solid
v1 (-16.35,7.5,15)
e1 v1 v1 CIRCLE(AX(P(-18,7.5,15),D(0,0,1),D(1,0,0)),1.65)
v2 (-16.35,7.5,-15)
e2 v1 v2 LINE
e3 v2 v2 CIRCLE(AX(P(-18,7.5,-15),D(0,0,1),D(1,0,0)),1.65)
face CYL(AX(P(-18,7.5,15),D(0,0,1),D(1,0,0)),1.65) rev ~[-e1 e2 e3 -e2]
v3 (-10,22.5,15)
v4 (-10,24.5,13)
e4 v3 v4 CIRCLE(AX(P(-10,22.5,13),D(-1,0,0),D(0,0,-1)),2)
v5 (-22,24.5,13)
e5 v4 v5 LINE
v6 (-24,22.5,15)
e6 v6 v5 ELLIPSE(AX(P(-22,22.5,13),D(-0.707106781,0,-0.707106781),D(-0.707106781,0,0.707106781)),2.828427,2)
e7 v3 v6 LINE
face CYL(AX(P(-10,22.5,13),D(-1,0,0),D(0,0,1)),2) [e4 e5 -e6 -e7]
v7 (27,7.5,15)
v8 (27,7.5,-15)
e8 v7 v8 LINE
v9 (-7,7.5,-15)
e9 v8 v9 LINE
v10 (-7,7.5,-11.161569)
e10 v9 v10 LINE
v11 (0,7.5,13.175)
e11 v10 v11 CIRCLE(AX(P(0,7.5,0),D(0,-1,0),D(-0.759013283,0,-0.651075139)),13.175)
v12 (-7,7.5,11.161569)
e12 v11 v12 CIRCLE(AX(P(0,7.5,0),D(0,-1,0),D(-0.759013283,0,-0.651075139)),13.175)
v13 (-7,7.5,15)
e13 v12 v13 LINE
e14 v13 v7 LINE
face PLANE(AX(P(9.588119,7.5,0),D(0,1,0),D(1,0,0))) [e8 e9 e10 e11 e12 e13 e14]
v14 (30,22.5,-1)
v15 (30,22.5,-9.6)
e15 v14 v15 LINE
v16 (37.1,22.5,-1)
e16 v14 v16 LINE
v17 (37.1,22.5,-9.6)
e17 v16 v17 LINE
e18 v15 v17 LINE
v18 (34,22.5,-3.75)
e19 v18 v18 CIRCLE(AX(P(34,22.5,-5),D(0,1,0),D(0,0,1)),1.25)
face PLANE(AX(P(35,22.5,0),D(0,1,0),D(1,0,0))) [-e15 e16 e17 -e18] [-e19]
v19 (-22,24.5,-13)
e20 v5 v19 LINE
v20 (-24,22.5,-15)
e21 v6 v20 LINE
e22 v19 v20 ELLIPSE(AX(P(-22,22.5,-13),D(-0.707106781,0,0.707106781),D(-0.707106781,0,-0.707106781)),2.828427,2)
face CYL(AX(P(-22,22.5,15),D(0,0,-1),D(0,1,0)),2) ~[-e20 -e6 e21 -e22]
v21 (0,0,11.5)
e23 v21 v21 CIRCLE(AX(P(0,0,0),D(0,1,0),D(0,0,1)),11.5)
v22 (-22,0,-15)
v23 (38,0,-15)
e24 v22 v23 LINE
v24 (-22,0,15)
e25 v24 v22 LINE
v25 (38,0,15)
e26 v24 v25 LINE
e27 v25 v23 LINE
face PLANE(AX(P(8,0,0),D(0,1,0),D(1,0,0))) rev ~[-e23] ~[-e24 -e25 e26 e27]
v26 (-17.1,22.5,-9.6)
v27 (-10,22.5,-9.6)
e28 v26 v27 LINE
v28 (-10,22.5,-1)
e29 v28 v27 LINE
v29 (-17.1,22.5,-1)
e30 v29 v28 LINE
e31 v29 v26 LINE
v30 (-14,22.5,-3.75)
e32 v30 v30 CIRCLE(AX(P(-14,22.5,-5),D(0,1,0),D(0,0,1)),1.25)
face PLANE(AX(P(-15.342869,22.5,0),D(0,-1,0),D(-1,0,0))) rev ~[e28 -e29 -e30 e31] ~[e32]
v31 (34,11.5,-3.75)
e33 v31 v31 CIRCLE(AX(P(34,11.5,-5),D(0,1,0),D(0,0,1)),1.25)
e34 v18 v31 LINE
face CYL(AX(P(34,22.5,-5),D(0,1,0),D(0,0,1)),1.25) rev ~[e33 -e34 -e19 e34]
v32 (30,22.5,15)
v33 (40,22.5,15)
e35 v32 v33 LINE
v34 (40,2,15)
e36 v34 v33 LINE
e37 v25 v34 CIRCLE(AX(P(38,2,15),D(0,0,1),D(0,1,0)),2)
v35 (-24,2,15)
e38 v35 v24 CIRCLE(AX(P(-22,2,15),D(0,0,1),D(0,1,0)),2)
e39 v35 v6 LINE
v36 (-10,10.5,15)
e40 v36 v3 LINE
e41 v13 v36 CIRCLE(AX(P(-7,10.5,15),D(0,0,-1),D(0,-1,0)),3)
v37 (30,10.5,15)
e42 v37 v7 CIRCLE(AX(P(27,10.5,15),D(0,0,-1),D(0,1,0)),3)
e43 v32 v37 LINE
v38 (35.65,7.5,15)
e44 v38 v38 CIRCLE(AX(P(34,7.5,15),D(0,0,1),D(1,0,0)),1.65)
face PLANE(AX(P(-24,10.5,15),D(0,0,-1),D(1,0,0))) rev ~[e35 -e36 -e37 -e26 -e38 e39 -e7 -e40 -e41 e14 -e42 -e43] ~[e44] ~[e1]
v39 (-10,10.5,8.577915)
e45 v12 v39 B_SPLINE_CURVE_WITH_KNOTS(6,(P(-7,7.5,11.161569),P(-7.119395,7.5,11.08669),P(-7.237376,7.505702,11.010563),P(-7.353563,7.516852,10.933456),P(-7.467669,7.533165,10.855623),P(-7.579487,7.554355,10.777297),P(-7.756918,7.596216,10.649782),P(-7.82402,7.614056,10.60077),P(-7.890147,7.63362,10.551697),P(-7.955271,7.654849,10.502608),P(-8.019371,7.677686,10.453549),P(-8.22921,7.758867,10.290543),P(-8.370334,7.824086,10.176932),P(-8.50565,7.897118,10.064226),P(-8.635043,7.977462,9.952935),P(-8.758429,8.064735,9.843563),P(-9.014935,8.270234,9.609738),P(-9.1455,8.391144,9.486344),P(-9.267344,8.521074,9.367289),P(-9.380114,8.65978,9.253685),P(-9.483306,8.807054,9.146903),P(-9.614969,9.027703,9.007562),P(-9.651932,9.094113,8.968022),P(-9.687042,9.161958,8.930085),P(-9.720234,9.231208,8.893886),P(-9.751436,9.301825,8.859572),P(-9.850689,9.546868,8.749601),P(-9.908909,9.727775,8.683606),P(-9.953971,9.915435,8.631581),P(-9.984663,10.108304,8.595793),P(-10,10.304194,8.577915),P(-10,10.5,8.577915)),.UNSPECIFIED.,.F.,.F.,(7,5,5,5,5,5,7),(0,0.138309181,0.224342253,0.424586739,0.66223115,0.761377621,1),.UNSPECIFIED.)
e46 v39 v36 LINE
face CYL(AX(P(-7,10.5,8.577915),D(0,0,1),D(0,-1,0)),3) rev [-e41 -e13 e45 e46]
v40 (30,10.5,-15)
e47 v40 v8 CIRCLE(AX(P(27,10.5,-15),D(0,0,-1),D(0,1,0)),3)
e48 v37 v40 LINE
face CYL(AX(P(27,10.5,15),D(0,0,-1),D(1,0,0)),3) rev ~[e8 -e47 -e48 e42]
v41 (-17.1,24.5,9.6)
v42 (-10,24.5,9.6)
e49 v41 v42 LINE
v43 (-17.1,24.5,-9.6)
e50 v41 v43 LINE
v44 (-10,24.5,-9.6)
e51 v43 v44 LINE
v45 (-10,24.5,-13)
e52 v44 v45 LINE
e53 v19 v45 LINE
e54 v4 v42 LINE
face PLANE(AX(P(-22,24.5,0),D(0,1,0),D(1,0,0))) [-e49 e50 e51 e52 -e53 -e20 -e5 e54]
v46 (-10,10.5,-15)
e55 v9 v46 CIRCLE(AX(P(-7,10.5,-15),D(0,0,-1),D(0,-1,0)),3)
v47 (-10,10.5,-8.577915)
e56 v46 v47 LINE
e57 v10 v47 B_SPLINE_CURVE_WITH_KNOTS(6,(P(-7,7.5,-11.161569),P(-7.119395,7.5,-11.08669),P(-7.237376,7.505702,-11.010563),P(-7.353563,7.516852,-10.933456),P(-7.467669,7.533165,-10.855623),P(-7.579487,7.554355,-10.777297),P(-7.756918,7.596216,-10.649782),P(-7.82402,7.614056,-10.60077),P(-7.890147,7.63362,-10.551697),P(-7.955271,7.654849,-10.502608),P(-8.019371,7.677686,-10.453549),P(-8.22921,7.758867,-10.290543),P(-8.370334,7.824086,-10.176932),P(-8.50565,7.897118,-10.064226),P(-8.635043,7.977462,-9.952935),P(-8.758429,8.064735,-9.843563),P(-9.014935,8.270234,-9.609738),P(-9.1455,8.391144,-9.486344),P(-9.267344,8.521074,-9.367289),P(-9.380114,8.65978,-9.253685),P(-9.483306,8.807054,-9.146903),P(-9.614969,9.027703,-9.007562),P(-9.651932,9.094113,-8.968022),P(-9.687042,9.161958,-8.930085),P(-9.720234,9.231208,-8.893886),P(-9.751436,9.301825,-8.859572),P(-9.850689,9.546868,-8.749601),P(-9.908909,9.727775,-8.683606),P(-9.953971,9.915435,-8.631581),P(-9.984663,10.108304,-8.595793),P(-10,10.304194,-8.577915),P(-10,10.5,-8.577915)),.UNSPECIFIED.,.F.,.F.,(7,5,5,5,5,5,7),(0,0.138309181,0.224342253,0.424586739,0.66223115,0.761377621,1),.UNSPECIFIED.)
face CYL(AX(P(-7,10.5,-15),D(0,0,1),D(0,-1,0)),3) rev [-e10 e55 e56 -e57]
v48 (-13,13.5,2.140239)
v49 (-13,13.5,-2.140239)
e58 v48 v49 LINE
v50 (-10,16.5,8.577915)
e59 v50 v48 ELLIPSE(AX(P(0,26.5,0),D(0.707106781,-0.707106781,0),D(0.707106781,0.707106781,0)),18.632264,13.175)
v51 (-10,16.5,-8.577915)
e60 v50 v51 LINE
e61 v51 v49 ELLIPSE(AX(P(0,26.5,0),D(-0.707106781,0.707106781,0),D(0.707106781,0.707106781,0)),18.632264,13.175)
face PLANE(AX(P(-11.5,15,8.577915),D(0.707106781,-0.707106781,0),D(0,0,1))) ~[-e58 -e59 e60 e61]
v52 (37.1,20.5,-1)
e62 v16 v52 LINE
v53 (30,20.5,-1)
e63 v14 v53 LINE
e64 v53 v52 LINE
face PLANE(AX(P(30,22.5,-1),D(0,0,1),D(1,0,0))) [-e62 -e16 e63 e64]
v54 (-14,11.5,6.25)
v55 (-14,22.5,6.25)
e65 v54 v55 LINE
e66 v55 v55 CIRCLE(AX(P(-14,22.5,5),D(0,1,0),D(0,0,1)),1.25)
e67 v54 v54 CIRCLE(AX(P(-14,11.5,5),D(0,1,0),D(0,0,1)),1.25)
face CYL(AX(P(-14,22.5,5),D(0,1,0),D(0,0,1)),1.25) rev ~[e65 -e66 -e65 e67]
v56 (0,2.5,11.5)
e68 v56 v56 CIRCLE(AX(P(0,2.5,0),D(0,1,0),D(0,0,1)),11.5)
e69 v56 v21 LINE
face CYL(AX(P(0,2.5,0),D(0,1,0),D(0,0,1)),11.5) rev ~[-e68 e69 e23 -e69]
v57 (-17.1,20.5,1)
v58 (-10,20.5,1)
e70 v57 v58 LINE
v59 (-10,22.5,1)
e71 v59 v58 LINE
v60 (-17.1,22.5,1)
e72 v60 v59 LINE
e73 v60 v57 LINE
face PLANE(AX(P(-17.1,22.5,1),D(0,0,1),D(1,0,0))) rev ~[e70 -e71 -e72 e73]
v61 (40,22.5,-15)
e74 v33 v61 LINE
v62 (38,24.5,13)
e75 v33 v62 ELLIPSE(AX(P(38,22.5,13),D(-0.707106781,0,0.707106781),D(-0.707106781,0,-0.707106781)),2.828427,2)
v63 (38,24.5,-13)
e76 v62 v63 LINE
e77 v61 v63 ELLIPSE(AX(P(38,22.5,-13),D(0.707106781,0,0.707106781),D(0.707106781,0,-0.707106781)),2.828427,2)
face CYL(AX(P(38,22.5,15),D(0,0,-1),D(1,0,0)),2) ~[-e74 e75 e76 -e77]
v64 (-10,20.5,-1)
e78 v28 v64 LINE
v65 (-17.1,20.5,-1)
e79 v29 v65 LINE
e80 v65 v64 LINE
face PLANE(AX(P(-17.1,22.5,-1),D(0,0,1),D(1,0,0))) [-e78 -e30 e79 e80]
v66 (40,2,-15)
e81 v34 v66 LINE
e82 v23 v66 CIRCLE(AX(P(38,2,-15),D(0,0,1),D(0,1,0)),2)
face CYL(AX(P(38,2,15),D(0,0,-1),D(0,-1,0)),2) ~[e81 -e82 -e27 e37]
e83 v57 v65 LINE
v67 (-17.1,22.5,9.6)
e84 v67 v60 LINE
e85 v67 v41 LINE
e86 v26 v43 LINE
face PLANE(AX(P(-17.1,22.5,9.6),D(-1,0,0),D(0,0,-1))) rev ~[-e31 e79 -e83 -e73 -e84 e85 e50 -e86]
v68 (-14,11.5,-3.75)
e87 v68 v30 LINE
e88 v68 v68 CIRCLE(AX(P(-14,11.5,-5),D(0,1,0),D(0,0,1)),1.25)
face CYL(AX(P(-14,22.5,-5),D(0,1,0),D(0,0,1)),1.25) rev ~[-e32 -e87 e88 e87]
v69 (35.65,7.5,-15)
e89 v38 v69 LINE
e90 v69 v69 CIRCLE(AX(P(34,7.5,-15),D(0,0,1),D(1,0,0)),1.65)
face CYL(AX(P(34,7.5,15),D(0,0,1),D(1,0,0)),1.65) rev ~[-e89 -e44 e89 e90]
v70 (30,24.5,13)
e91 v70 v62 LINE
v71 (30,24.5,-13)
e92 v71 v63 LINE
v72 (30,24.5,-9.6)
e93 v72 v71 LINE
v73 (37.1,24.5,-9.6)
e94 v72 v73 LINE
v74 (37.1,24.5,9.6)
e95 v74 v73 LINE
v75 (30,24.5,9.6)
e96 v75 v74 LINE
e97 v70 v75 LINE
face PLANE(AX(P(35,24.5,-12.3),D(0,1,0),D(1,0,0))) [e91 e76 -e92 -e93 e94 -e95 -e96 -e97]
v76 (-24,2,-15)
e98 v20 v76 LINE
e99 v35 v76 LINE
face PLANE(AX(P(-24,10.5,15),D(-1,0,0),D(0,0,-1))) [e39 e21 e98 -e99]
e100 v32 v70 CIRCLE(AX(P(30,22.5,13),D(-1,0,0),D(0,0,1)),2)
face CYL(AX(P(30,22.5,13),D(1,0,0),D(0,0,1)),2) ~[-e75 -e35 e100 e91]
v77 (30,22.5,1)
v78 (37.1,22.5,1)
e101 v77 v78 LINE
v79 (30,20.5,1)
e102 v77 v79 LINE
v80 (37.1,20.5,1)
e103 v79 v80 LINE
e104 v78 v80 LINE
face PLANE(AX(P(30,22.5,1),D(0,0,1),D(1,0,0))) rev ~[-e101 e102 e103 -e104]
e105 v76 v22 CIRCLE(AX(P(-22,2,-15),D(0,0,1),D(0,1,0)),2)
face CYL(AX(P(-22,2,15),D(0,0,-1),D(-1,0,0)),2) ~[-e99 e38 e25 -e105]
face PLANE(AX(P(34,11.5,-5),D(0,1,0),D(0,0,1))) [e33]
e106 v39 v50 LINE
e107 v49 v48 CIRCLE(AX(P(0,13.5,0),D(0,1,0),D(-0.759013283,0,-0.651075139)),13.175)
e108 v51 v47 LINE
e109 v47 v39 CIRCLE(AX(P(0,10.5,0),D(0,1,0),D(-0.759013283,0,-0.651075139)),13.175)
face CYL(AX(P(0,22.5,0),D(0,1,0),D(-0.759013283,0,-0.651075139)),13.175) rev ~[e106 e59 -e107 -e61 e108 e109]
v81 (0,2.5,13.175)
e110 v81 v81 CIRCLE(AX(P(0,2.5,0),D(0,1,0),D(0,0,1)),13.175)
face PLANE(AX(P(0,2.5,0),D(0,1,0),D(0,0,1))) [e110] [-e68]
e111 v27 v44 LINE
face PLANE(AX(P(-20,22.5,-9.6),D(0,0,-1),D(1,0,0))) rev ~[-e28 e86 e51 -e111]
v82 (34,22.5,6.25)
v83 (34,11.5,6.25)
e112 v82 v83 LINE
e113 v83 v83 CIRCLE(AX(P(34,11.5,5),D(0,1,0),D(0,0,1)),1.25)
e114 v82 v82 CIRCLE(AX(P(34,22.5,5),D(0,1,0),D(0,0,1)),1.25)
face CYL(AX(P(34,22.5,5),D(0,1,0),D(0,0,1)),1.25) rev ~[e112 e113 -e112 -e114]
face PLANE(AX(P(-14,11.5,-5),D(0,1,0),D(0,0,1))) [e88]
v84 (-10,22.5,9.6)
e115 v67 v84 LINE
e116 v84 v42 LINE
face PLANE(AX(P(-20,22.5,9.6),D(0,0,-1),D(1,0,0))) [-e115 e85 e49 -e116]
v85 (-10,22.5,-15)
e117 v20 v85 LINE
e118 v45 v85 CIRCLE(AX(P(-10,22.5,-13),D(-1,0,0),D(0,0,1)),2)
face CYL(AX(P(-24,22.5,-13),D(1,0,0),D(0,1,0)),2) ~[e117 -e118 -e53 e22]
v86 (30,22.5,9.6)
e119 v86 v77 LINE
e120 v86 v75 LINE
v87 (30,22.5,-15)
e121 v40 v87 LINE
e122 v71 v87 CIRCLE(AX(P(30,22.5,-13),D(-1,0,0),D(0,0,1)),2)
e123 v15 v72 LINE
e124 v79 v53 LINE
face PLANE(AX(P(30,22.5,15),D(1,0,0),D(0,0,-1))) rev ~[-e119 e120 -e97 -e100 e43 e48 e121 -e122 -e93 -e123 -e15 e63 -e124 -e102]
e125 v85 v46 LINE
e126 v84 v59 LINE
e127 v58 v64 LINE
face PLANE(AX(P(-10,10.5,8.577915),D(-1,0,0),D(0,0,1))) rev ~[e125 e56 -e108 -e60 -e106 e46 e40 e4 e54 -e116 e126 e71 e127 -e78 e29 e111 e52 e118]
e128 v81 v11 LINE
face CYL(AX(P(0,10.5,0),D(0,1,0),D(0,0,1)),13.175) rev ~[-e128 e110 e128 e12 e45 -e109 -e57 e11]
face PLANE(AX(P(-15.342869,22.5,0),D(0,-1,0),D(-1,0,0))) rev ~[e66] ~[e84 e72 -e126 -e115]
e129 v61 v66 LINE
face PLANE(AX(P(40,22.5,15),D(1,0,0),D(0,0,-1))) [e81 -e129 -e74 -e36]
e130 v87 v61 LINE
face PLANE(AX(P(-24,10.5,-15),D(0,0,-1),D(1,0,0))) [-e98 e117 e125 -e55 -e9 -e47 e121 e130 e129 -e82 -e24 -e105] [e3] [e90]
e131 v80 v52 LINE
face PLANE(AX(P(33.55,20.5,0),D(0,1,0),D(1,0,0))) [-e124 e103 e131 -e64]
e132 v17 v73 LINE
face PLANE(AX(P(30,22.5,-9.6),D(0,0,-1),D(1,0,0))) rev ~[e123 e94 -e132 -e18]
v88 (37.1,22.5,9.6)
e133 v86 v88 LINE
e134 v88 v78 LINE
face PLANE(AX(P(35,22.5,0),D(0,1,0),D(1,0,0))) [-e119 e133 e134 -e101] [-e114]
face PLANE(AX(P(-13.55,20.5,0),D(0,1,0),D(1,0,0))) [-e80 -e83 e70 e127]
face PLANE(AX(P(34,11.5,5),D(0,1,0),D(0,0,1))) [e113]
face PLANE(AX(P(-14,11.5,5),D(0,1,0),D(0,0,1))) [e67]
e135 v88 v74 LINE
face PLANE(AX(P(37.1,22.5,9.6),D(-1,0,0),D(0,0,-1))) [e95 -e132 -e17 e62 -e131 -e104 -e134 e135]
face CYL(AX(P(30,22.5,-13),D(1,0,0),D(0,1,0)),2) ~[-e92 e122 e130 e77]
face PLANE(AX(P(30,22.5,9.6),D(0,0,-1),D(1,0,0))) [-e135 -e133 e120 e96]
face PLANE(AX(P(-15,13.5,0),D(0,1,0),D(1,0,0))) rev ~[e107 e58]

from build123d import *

# Parameters (mm, degrees)
SKETCH_1_W             = 64
SKETCH_1_H             = 30
EXTRUDE_555_DEPTH      = 7.5
SKETCH_2_R             = 13.175
CUT_EXTRUDE_693_DEPTH  = 5
SKETCH_4_R             = 11.5
CUT_EXTRUDE_912_DEPTH  = 44.011626335
EXTRUDE_START          = 3
SKETCH_8_W             = 64
SKETCH_8_H             = 30
SKETCH_8_R             = 13.175
EXTRUDE_1127_DEPTH     = 3
EXTRUDE_START_2        = 12
SKETCH_9_W             = 10
SKETCH_9_H             = 30
EXTRUDE_1452_DEPTH     = 12
SKETCH_10_R            = 1.25
CUT_EXTRUDE_1739_DEPTH = 11
SKETCH_11_R            = 1.65
CUT_EXTRUDE_2260_DEPTH = 55.829280499
SKETCH_12_W            = 10
SKETCH_12_H            = 5.4
EXTRUDE_2664_DEPTH     = 2
CUT_EXTRUDE_2902_DEPTH = 3
SKETCH_15_W            = 10
SKETCH_15_H            = 19.2
SKETCH_15_R            = 1.25
EXTRUDE_3173_DEPTH     = 9
CHAMFER_5_SIZE         = 3
SKETCH_17_W            = 2.9
SKETCH_17_H            = 19.2
EXTRUDE_3597_DEPTH     = 2
SKETCH_16_W            = 7.1
SKETCH_16_H            = 2
CUT_EXTRUDE_3878_DEPTH = 2
SKETCH_18_W            = 4
SKETCH_18_H            = 30
EXTRUDE_4043_DEPTH     = 14
FILLET_4_R             = 3
FILLET_5_R             = 2


with BuildPart() as part:
    # Эскиз1 → Extrude 555 (new body)
    with BuildSketch(Plane(origin=(0, 0, 0), x_dir=(1, 0, 0), z_dir=(0, 1, 0))):
        with Locations((8, 0)):
            Rectangle(SKETCH_1_W, SKETCH_1_H)
    extrude(amount=EXTRUDE_555_DEPTH)

    # Эскиз2 → Cut-Extrude 693 (cut)
    with BuildSketch(Plane(origin=(0, 7.5, 0), x_dir=(1, 0, 0), z_dir=(0, 1, 0))):
        with Locations(Location((0, 0, 0), (0, 0, 270))):
            Circle(SKETCH_2_R)
    extrude(amount=-CUT_EXTRUDE_693_DEPTH, mode=Mode.SUBTRACT)

    # Эскиз4 → Cut-Extrude 912 (cut, through all)
    with BuildSketch(Plane(origin=(0, 2.5, 0), x_dir=(1, 0, 0), z_dir=(0, 1, 0))):
        with Locations(Location((0, 0, 0), (0, 0, 270))):
            Circle(SKETCH_4_R)
    extrude(amount=-CUT_EXTRUDE_912_DEPTH, mode=Mode.SUBTRACT)

    # Эскиз8 → Extrude 1127 (add)
    with BuildSketch(Plane(origin=(0, 7.5, 0), x_dir=(1, 0, 0), z_dir=(0, 1, 0)).offset(EXTRUDE_START)):
        with Locations((8, 0)):
            Rectangle(SKETCH_8_W, SKETCH_8_H)
        with Locations(Location((0, 0, 0), (0, 0, 270))):
            Circle(SKETCH_8_R, mode=Mode.SUBTRACT)
    extrude(amount=-EXTRUDE_1127_DEPTH)

    # Эскиз9 → Extrude 1452 (add)
    with BuildSketch(Plane(origin=(0, 10.5, 0), x_dir=(1, 0, 0), z_dir=(0, 1, 0)).offset(EXTRUDE_START_2)):
        with BuildLine():
            Line((-20, 15), (-10, 15))
            Line((-10, 15), (-10, 8.577914956))
            ThreePointArc((-10, 8.577914956), (-13.175, 0), (-10, -8.577914956))
            Line((-10, -8.577914956), (-10, -15))
            Line((-10, -15), (-20, -15))
            Line((-20, -15), (-20, 15))
        make_face()
        with Locations((35, 0)):
            Rectangle(SKETCH_9_W, SKETCH_9_H)
    extrude(amount=-EXTRUDE_1452_DEPTH)

    # Эскиз10 → Cut-Extrude 1739 (cut)
    with BuildSketch(Plane(origin=(0, 22.5, 0), x_dir=(1, 0, 0), z_dir=(0, 1, 0))):
        with Locations(Location((-14, 5, 0), (0, 0, 270))):
            Circle(SKETCH_10_R)
        with Locations(Location((-14, -5, 0), (0, 0, 270))):
            Circle(SKETCH_10_R)
        with Locations(Location((34, -5, 0), (0, 0, 270))):
            Circle(SKETCH_10_R)
        with Locations(Location((34, 5, 0), (0, 0, 270))):
            Circle(SKETCH_10_R)
    extrude(amount=-CUT_EXTRUDE_1739_DEPTH, mode=Mode.SUBTRACT)

    # Эскиз11 → Cut-Extrude 2260 (cut, through all)
    with BuildSketch(Plane.XY.offset(15)):
        with Locations((-18, 7.5)):
            Circle(SKETCH_11_R)
        with Locations((34, 7.5)):
            Circle(SKETCH_11_R)
    extrude(amount=-CUT_EXTRUDE_2260_DEPTH, mode=Mode.SUBTRACT)

    # Эскиз12 → Extrude 2664 (add)
    with BuildSketch(Plane(origin=(0, 22.5, 0), x_dir=(1, 0, 0), z_dir=(0, 1, 0))):
        with Locations((-15, 12.3)):
            Rectangle(SKETCH_12_W, SKETCH_12_H)
        with Locations((-15, -12.3)):
            Rectangle(SKETCH_12_W, SKETCH_12_H)
        with Locations((35, -12.3)):
            Rectangle(SKETCH_12_W, SKETCH_12_H)
        with Locations((35, 12.3)):
            Rectangle(SKETCH_12_W, SKETCH_12_H)
    extrude(amount=EXTRUDE_2664_DEPTH)

    # Эскиз14 → Cut-Extrude 2902 (cut)
    with BuildSketch(Plane(origin=(0, 10.5, 0), x_dir=(1, 0, 0), z_dir=(0, 1, 0))):
        with BuildLine():
            Line((-10, 15), (-10, 8.577914956))
            ThreePointArc((-10, 8.577914956), (13.175, 0), (-10, -8.577914956))
            Line((-10, -8.577914956), (-10, -15))
            Line((-10, -15), (30, -15))
            Line((30, -15), (30, 15))
            Line((30, 15), (-10, 15))
        make_face()
    extrude(amount=-CUT_EXTRUDE_2902_DEPTH, mode=Mode.SUBTRACT)

    # Эскиз15 → Extrude 3173 (add)
    with BuildSketch(Plane(origin=(0, 22.5, 0), x_dir=(1, 0, 0), z_dir=(0, 1, 0))):
        with Locations((-15, 0)):
            Rectangle(SKETCH_15_W, SKETCH_15_H)
        with Locations(Location((-14, 5, 0), (0, 0, 270))):
            Circle(SKETCH_15_R, mode=Mode.SUBTRACT)
        with Locations(Location((-14, -5, 0), (0, 0, 270))):
            Circle(SKETCH_15_R, mode=Mode.SUBTRACT)
    extrude(amount=-EXTRUDE_3173_DEPTH)

    # Фаска5
    chamfer_5_edges = [part.edges().sort_by_distance(p)[0] for p in [
        (-10, 13.5, 0),
    ]]
    chamfer(chamfer_5_edges, length=CHAMFER_5_SIZE)

    # Эскиз17 → Extrude 3597 (add)
    with BuildSketch(Plane(origin=(0, 22.5, 0), x_dir=(1, 0, 0), z_dir=(0, 1, 0))):
        with Locations((-18.55, 0)):
            Rectangle(SKETCH_17_W, SKETCH_17_H)
        with Locations((38.55, 0)):
            Rectangle(SKETCH_17_W, SKETCH_17_H)
    extrude(amount=EXTRUDE_3597_DEPTH)

    # Эскиз16 → Cut-Extrude 3878 (cut)
    with BuildSketch(Plane(origin=(0, 22.5, 0), x_dir=(1, 0, 0), z_dir=(0, 1, 0))):
        with Locations((-13.55, 0)):
            Rectangle(SKETCH_16_W, SKETCH_16_H)
        with Locations((33.55, 0)):
            Rectangle(SKETCH_16_W, SKETCH_16_H)
    extrude(amount=-CUT_EXTRUDE_3878_DEPTH, mode=Mode.SUBTRACT)

    # Эскиз18 → Extrude 4043 (add)
    with BuildSketch(Plane(origin=(0, 10.5, 0), x_dir=(1, 0, 0), z_dir=(0, 1, 0))):
        with Locations((-22, 0)):
            Rectangle(SKETCH_18_W, SKETCH_18_H)
    extrude(amount=EXTRUDE_4043_DEPTH)

    # Скругление4
    fillet_4_edges = [part.edges().sort_by_distance(p)[0] for p in [
        (30, 7.5, 0),
        (-10, 7.5, 11.788957478),
        (-10, 7.5, -11.788957478),
    ]]
    fillet(fillet_4_edges, radius=FILLET_4_R)

    # Скругление5
    fillet_5_edges = [part.edges().sort_by_distance(p)[0] for p in [
        (-17, 24.5, 15),
        (40, 24.5, 0),
        (35, 24.5, 15),
        (35, 24.5, -15),
        (-24, 24.5, 0),
        (40, 0, 0),
        (-24, 0, 0),
        (-17, 24.5, -15),
    ]]
    fillet(fillet_5_edges, radius=FILLET_5_R)


solid = part.part
